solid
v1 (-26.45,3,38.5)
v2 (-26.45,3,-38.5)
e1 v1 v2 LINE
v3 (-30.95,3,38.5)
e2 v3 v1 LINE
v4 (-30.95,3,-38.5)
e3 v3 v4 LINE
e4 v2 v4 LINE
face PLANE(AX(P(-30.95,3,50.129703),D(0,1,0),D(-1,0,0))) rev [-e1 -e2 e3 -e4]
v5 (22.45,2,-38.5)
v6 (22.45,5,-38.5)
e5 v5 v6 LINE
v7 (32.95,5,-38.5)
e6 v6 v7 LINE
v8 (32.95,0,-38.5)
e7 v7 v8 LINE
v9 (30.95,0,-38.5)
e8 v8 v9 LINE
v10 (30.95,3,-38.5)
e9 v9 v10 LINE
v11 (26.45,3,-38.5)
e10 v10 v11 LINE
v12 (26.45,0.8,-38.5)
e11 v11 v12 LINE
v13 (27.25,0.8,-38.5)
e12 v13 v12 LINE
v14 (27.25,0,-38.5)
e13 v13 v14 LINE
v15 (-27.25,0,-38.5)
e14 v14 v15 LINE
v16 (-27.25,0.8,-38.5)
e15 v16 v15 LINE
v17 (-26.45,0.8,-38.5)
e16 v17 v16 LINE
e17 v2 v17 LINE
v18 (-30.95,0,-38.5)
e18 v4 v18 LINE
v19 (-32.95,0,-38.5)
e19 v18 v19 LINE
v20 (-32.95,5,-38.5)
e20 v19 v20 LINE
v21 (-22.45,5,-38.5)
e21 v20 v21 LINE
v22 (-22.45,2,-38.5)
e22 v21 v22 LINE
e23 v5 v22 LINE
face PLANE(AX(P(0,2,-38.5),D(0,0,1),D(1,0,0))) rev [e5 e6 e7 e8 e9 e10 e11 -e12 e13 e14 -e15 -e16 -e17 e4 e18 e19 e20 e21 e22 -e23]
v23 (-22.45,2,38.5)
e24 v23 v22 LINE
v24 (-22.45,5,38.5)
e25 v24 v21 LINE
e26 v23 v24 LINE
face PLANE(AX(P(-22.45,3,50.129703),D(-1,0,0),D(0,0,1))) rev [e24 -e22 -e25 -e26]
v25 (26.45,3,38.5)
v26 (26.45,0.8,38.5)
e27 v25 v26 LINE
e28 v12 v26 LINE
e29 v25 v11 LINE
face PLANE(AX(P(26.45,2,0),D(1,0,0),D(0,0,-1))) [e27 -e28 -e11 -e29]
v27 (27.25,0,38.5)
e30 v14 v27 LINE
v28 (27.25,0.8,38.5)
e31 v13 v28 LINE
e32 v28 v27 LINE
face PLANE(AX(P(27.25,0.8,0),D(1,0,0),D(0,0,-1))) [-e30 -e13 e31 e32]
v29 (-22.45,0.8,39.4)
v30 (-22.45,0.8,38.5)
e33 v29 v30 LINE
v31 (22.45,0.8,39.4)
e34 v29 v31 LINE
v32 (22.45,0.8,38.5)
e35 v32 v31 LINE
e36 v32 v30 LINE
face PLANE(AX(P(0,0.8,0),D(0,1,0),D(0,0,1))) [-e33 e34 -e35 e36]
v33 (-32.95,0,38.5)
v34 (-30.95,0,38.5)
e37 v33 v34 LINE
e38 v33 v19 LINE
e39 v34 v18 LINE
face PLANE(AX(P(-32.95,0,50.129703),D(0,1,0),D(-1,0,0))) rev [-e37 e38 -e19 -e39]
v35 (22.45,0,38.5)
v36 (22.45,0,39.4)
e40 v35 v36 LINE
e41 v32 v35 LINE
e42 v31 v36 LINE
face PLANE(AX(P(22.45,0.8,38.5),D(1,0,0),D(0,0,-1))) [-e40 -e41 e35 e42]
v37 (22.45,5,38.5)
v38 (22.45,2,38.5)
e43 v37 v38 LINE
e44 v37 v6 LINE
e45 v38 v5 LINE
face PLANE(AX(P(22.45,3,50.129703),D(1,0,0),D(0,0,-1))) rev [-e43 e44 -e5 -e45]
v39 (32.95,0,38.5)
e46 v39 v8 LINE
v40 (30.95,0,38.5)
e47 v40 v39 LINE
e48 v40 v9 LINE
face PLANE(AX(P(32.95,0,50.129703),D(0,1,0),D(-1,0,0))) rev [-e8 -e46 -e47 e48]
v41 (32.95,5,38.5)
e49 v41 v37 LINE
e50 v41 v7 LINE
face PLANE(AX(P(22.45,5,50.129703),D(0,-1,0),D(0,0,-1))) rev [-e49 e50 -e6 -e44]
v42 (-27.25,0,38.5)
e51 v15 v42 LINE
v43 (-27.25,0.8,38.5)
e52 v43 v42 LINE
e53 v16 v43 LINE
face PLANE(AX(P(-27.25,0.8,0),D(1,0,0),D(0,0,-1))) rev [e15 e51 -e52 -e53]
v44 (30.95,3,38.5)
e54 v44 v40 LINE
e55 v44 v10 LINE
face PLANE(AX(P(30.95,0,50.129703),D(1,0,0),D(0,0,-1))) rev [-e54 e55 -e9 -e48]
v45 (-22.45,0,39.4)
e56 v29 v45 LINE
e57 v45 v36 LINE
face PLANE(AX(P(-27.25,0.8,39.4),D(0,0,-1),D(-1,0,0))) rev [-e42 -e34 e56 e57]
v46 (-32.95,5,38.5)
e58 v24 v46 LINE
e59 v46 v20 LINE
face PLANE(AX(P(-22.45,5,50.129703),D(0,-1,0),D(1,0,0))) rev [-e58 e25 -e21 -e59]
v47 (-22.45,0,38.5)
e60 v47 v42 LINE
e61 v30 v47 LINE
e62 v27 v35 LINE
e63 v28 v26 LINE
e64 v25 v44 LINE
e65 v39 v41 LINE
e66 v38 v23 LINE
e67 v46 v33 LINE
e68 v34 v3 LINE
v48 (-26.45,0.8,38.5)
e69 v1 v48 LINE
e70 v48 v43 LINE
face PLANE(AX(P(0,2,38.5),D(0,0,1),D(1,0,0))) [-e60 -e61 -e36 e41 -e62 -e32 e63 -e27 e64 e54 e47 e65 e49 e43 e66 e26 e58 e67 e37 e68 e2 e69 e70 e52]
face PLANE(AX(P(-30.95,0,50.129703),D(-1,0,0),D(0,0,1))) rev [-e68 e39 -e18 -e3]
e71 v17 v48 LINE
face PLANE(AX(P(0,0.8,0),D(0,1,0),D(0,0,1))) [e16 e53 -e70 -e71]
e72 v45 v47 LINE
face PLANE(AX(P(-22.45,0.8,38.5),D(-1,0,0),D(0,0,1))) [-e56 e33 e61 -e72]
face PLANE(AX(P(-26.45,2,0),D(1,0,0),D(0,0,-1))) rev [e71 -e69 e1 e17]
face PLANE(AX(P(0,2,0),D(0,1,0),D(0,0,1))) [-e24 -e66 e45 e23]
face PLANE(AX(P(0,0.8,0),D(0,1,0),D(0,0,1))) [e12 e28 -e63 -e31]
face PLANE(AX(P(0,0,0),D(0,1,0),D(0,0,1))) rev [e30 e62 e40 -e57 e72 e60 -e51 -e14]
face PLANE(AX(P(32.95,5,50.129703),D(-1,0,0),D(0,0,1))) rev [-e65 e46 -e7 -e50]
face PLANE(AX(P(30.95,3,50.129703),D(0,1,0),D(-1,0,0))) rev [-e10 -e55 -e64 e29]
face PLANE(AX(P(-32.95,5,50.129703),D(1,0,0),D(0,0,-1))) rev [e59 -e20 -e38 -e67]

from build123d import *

# Parameters (mm, degrees)
SKETCH_1_W          = 52.9
SKETCH_1_H          = 77
EXTRUDE_1_DEPTH     = 2
SKETCH_1_3_W        = 0.8
SKETCH_1_3_H        = 77
EXTRUDE_2_DEPTH     = 0.8
SKETCH_2_W          = 54.5
SKETCH_2_H          = 0.9
EXTRUDE_3_DEPTH     = 0.8
SKETCH_3_W          = 4.8
SKETCH_3_H          = 0.9
CUT_EXTRUDE_1_DEPTH = 0.8
EXTRUDE_START       = -38.5
EXTRUDE_4_DEPTH     = 77


with BuildPart() as part:
    # 草图1 → 凸台-拉伸1 (new body)
    with BuildSketch(Plane(origin=(0, 0, 0), x_dir=(1, 0, 0), z_dir=(0, 1, 0))):
        Rectangle(SKETCH_1_W, SKETCH_1_H)
    extrude(amount=EXTRUDE_1_DEPTH)

    # 草图1<3> → 凸台-拉伸2 (add)
    with BuildSketch(Plane(origin=(0, 0, 0), x_dir=(1, 0, 0), z_dir=(0, 1, 0))):
        with Locations((26.85, 0)):
            Rectangle(SKETCH_1_3_W, SKETCH_1_3_H)
        with Locations((-26.85, 0)):
            Rectangle(SKETCH_1_3_W, SKETCH_1_3_H)
    extrude(amount=EXTRUDE_2_DEPTH)

    # 草图2 → 凸台-拉伸3 (add)
    with BuildSketch(Plane(origin=(0, 0, 0), x_dir=(1, 0, 0), z_dir=(0, 1, 0))):
        with Locations((0, -38.95)):
            Rectangle(SKETCH_2_W, SKETCH_2_H)
    extrude(amount=EXTRUDE_3_DEPTH)

    # 草图3 → 切除-拉伸1 (cut)
    with BuildSketch(Plane(origin=(0, 0, 0), x_dir=(1, 0, 0), z_dir=(0, 1, 0))):
        with Locations((-24.85, -38.95)):
            Rectangle(SKETCH_3_W, SKETCH_3_H)
        with Locations((24.85, -38.95)):
            Rectangle(SKETCH_3_W, SKETCH_3_H)
    extrude(amount=CUT_EXTRUDE_1_DEPTH, mode=Mode.SUBTRACT)

    # 草图4 → 凸台-拉伸4 (add)
    with BuildSketch(Plane.XY.offset(EXTRUDE_START)):
        Polygon((22.45, 3), (22.45, 5), (32.95, 5), (32.95, 0), (30.95, 0), (30.95, 3), (26.45, 3), (26.45, 2), (22.45, 2), align=None)
        Polygon((-30.95, 0), (-30.95, 3), (-26.45, 3), (-26.45, 2), (-22.45, 2), (-22.45, 3), (-22.45, 5), (-32.95, 5), (-32.95, 0), align=None)
    extrude(amount=EXTRUDE_4_DEPTH)


solid = part.part
